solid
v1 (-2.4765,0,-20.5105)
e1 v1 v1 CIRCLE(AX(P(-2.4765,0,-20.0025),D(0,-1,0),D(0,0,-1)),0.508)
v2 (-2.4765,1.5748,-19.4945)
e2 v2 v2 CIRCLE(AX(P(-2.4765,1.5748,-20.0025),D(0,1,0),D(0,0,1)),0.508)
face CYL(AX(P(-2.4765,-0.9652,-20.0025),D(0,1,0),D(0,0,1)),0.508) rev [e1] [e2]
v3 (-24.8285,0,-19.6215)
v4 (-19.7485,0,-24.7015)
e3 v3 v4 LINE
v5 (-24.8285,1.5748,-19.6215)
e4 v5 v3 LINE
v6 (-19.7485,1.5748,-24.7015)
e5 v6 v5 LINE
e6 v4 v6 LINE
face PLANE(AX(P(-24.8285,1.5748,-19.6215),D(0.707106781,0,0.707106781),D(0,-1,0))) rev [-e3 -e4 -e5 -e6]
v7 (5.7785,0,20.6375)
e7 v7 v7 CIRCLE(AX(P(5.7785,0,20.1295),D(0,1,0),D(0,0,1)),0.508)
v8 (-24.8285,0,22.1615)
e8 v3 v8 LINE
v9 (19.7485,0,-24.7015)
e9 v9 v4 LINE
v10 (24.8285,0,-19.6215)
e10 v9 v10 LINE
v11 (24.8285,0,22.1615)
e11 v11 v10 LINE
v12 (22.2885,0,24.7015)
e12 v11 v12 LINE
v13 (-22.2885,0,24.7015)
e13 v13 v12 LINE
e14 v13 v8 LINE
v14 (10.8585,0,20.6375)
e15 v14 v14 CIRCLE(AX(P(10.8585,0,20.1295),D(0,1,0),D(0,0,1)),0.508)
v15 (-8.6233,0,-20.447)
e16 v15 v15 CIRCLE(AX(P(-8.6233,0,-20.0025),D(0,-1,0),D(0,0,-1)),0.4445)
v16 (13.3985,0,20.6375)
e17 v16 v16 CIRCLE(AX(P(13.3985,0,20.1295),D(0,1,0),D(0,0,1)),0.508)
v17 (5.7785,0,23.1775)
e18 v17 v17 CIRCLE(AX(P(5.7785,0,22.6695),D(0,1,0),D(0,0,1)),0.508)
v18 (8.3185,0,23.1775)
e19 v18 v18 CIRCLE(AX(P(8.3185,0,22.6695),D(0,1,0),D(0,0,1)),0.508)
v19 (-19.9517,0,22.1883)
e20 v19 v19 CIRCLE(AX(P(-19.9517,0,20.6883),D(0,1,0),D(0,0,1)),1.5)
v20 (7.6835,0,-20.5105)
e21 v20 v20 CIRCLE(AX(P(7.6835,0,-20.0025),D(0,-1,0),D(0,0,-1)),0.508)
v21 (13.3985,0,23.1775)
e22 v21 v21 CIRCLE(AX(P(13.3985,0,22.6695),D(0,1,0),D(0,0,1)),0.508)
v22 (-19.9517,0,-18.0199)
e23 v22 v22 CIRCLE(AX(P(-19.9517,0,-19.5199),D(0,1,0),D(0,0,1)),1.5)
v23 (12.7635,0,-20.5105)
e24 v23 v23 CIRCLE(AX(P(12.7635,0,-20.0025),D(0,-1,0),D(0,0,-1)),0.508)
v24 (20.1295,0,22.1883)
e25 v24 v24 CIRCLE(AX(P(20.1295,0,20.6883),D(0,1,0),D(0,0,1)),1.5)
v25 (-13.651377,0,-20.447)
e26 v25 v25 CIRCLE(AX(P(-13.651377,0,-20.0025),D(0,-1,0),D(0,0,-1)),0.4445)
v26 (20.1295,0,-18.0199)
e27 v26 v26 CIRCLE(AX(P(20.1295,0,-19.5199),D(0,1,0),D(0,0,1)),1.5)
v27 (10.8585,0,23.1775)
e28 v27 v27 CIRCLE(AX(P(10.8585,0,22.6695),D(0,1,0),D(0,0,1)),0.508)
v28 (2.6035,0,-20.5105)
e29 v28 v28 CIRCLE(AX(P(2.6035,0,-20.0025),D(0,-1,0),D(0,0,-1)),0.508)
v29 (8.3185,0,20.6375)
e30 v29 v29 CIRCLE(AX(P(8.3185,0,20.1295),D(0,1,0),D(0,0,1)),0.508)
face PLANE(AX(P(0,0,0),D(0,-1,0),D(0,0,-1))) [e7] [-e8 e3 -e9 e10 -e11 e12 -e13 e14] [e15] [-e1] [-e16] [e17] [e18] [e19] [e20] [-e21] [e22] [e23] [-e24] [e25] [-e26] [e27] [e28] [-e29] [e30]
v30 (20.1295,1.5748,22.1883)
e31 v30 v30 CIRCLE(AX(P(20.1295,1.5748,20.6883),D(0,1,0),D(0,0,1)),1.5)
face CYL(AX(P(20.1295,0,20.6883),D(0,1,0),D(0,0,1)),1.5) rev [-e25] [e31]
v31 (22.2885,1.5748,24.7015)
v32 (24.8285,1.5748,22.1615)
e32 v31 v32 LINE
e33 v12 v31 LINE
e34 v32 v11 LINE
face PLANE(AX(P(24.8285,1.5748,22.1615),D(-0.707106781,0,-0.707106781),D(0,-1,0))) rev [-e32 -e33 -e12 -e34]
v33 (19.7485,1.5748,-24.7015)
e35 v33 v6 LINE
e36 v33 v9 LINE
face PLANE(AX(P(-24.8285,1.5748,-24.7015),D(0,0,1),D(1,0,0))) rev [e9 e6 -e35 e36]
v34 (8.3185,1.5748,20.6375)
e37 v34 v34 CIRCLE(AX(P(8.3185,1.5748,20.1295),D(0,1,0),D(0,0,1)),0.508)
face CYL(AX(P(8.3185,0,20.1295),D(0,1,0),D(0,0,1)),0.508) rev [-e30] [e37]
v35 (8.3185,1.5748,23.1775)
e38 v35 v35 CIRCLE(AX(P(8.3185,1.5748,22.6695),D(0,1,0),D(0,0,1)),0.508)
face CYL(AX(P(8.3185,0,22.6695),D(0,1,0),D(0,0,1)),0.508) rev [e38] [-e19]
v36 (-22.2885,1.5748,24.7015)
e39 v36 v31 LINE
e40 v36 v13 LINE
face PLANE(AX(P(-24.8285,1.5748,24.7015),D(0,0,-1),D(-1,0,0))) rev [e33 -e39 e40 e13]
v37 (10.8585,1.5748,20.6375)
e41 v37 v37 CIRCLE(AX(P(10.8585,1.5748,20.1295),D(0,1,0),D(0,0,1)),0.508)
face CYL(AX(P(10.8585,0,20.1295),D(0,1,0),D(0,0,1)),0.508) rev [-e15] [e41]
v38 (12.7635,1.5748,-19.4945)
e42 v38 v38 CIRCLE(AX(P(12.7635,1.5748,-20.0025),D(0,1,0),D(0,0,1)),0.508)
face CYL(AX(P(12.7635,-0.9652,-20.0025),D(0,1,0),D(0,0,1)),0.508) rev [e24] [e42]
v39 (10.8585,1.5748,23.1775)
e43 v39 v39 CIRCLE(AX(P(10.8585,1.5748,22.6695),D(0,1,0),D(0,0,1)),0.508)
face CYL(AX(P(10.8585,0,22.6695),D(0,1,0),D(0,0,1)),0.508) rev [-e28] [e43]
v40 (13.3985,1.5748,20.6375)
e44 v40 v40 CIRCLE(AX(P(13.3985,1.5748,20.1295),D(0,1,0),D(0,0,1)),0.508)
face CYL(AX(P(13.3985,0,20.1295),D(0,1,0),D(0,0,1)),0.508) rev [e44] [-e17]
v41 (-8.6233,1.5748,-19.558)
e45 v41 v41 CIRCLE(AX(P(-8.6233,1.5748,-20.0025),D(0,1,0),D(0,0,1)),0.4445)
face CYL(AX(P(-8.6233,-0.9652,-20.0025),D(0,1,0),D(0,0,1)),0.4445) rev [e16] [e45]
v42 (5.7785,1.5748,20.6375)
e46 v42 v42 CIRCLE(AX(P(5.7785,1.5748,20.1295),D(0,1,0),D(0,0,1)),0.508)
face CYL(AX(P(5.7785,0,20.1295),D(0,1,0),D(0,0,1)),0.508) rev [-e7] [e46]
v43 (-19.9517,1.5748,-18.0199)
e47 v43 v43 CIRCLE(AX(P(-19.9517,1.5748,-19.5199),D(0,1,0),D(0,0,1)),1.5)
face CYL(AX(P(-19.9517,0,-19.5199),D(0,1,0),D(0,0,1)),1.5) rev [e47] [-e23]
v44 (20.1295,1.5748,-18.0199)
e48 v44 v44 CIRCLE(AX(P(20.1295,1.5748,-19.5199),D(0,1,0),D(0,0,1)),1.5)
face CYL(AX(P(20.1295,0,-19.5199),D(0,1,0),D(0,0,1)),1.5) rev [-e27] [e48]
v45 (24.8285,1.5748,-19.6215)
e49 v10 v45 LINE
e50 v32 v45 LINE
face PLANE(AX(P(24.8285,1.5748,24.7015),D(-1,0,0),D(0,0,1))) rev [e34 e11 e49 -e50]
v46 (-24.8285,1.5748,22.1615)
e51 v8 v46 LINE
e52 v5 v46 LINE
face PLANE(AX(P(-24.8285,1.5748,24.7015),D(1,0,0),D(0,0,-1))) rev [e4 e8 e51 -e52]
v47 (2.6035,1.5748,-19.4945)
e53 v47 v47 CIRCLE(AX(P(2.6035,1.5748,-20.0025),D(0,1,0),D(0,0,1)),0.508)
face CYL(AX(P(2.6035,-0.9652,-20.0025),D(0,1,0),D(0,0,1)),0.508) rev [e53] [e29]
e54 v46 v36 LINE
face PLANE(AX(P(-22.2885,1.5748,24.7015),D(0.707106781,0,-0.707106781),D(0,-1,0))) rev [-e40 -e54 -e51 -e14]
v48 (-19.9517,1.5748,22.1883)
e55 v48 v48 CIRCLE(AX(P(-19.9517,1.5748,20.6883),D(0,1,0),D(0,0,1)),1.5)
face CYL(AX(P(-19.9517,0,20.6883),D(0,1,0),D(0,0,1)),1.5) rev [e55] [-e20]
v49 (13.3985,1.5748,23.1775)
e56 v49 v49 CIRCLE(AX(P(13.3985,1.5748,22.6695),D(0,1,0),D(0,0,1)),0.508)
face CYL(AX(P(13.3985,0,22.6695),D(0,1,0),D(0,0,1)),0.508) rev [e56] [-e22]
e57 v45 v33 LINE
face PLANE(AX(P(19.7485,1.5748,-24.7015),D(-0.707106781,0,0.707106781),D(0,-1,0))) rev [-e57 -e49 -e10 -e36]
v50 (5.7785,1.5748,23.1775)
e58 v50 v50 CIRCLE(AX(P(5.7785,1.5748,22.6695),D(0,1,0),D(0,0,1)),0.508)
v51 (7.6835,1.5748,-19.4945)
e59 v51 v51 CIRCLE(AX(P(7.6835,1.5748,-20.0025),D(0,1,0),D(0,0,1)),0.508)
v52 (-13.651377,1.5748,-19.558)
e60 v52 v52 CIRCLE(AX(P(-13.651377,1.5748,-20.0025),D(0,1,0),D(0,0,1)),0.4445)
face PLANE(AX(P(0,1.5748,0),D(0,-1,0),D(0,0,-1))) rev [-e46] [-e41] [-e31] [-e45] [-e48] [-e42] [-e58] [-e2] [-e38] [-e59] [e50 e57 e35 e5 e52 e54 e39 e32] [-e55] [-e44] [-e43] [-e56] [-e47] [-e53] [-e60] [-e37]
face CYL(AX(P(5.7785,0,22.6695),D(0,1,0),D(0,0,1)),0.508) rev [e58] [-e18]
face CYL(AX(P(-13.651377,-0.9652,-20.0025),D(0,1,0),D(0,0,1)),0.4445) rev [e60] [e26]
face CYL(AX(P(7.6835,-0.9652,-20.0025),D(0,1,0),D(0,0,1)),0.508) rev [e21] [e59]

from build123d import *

# Parameters (mm, degrees)
SKETCH1_W           = 49.657
SKETCH1_H           = 49.403
BOSS_EXTRUDE1_DEPTH = 1.5748
CHAMFER1_SIZE       = 5.08
CHAMFER2_SIZE       = 2.54
SKETCH2_R           = 1.5
SKETCH2_R_2         = 0.508
CUT_EXTRUDE1_DEPTH  = 36.058501245
SKETCH3_R           = 0.508
SKETCH3_R_2         = 0.4445
CUT_EXTRUDE2_DEPTH  = 2.54


with BuildPart() as part:
    # Sketch1 → Boss-Extrude1 (new body)
    with BuildSketch(Plane(origin=(0, 0, 0), x_dir=(1, 0, 0), z_dir=(0, 1, 0))):
        Rectangle(SKETCH1_W, SKETCH1_H)
    extrude(amount=BOSS_EXTRUDE1_DEPTH)

    # Chamfer1
    chamfer1_edges = [part.edges().sort_by_distance(p)[0] for p in [
        (-24.8285, 0.7874, -24.7015),
        (24.8285, 0.7874, -24.7015),
    ]]
    chamfer(chamfer1_edges, length=CHAMFER1_SIZE)

    # Chamfer2
    chamfer2_edges = [part.edges().sort_by_distance(p)[0] for p in [
        (24.8285, 0.7874, 24.7015),
        (-24.8285, 0.7874, 24.7015),
    ]]
    chamfer(chamfer2_edges, length=CHAMFER2_SIZE)

    # Sketch2 → Cut-Extrude1 (cut, through all)
    with BuildSketch(Plane(origin=(0, 1.5748, 0), x_dir=(1, 0, 0), z_dir=(0, 1, 0))):
        with Locations((-19.9517, -20.6883)):
            Circle(SKETCH2_R)
        with Locations((20.1295, -20.6883)):
            Circle(SKETCH2_R)
        with Locations((-19.9517, 19.5199)):
            Circle(SKETCH2_R)
        with Locations((20.1295, 19.5199)):
            Circle(SKETCH2_R)
        with Locations((5.7785, -22.6695)):
            Circle(SKETCH2_R_2)
        with Locations((8.3185, -22.6695)):
            Circle(SKETCH2_R_2)
        with Locations((10.8585, -22.6695)):
            Circle(SKETCH2_R_2)
        with Locations((13.3985, -22.6695)):
            Circle(SKETCH2_R_2)
        with Locations((8.3185, -20.1295)):
            Circle(SKETCH2_R_2)
        with Locations((10.8585, -20.1295)):
            Circle(SKETCH2_R_2)
        with Locations((13.3985, -20.1295)):
            Circle(SKETCH2_R_2)
        with Locations((5.7785, -20.1295)):
            Circle(SKETCH2_R_2)
    extrude(amount=-CUT_EXTRUDE1_DEPTH, mode=Mode.SUBTRACT)

    # Sketch3 → Cut-Extrude2 (cut)
    with BuildSketch(Plane(origin=(0, 1.5748, 0), x_dir=(1, 0, 0), z_dir=(0, 1, 0))):
        with Locations((12.7635, 20.0025)):
            Circle(SKETCH3_R)
        with Locations((7.6835, 20.0025)):
            Circle(SKETCH3_R)
        with Locations((2.6035, 20.0025)):
            Circle(SKETCH3_R)
        with Locations((-2.4765, 20.0025)):
            Circle(SKETCH3_R)
        with Locations((-8.6233, 20.0025)):
            Circle(SKETCH3_R_2)
        with Locations((-13.65137741, 20.0025)):
            Circle(SKETCH3_R_2)
    extrude(amount=-CUT_EXTRUDE2_DEPTH, mode=Mode.SUBTRACT)


solid = part.part
